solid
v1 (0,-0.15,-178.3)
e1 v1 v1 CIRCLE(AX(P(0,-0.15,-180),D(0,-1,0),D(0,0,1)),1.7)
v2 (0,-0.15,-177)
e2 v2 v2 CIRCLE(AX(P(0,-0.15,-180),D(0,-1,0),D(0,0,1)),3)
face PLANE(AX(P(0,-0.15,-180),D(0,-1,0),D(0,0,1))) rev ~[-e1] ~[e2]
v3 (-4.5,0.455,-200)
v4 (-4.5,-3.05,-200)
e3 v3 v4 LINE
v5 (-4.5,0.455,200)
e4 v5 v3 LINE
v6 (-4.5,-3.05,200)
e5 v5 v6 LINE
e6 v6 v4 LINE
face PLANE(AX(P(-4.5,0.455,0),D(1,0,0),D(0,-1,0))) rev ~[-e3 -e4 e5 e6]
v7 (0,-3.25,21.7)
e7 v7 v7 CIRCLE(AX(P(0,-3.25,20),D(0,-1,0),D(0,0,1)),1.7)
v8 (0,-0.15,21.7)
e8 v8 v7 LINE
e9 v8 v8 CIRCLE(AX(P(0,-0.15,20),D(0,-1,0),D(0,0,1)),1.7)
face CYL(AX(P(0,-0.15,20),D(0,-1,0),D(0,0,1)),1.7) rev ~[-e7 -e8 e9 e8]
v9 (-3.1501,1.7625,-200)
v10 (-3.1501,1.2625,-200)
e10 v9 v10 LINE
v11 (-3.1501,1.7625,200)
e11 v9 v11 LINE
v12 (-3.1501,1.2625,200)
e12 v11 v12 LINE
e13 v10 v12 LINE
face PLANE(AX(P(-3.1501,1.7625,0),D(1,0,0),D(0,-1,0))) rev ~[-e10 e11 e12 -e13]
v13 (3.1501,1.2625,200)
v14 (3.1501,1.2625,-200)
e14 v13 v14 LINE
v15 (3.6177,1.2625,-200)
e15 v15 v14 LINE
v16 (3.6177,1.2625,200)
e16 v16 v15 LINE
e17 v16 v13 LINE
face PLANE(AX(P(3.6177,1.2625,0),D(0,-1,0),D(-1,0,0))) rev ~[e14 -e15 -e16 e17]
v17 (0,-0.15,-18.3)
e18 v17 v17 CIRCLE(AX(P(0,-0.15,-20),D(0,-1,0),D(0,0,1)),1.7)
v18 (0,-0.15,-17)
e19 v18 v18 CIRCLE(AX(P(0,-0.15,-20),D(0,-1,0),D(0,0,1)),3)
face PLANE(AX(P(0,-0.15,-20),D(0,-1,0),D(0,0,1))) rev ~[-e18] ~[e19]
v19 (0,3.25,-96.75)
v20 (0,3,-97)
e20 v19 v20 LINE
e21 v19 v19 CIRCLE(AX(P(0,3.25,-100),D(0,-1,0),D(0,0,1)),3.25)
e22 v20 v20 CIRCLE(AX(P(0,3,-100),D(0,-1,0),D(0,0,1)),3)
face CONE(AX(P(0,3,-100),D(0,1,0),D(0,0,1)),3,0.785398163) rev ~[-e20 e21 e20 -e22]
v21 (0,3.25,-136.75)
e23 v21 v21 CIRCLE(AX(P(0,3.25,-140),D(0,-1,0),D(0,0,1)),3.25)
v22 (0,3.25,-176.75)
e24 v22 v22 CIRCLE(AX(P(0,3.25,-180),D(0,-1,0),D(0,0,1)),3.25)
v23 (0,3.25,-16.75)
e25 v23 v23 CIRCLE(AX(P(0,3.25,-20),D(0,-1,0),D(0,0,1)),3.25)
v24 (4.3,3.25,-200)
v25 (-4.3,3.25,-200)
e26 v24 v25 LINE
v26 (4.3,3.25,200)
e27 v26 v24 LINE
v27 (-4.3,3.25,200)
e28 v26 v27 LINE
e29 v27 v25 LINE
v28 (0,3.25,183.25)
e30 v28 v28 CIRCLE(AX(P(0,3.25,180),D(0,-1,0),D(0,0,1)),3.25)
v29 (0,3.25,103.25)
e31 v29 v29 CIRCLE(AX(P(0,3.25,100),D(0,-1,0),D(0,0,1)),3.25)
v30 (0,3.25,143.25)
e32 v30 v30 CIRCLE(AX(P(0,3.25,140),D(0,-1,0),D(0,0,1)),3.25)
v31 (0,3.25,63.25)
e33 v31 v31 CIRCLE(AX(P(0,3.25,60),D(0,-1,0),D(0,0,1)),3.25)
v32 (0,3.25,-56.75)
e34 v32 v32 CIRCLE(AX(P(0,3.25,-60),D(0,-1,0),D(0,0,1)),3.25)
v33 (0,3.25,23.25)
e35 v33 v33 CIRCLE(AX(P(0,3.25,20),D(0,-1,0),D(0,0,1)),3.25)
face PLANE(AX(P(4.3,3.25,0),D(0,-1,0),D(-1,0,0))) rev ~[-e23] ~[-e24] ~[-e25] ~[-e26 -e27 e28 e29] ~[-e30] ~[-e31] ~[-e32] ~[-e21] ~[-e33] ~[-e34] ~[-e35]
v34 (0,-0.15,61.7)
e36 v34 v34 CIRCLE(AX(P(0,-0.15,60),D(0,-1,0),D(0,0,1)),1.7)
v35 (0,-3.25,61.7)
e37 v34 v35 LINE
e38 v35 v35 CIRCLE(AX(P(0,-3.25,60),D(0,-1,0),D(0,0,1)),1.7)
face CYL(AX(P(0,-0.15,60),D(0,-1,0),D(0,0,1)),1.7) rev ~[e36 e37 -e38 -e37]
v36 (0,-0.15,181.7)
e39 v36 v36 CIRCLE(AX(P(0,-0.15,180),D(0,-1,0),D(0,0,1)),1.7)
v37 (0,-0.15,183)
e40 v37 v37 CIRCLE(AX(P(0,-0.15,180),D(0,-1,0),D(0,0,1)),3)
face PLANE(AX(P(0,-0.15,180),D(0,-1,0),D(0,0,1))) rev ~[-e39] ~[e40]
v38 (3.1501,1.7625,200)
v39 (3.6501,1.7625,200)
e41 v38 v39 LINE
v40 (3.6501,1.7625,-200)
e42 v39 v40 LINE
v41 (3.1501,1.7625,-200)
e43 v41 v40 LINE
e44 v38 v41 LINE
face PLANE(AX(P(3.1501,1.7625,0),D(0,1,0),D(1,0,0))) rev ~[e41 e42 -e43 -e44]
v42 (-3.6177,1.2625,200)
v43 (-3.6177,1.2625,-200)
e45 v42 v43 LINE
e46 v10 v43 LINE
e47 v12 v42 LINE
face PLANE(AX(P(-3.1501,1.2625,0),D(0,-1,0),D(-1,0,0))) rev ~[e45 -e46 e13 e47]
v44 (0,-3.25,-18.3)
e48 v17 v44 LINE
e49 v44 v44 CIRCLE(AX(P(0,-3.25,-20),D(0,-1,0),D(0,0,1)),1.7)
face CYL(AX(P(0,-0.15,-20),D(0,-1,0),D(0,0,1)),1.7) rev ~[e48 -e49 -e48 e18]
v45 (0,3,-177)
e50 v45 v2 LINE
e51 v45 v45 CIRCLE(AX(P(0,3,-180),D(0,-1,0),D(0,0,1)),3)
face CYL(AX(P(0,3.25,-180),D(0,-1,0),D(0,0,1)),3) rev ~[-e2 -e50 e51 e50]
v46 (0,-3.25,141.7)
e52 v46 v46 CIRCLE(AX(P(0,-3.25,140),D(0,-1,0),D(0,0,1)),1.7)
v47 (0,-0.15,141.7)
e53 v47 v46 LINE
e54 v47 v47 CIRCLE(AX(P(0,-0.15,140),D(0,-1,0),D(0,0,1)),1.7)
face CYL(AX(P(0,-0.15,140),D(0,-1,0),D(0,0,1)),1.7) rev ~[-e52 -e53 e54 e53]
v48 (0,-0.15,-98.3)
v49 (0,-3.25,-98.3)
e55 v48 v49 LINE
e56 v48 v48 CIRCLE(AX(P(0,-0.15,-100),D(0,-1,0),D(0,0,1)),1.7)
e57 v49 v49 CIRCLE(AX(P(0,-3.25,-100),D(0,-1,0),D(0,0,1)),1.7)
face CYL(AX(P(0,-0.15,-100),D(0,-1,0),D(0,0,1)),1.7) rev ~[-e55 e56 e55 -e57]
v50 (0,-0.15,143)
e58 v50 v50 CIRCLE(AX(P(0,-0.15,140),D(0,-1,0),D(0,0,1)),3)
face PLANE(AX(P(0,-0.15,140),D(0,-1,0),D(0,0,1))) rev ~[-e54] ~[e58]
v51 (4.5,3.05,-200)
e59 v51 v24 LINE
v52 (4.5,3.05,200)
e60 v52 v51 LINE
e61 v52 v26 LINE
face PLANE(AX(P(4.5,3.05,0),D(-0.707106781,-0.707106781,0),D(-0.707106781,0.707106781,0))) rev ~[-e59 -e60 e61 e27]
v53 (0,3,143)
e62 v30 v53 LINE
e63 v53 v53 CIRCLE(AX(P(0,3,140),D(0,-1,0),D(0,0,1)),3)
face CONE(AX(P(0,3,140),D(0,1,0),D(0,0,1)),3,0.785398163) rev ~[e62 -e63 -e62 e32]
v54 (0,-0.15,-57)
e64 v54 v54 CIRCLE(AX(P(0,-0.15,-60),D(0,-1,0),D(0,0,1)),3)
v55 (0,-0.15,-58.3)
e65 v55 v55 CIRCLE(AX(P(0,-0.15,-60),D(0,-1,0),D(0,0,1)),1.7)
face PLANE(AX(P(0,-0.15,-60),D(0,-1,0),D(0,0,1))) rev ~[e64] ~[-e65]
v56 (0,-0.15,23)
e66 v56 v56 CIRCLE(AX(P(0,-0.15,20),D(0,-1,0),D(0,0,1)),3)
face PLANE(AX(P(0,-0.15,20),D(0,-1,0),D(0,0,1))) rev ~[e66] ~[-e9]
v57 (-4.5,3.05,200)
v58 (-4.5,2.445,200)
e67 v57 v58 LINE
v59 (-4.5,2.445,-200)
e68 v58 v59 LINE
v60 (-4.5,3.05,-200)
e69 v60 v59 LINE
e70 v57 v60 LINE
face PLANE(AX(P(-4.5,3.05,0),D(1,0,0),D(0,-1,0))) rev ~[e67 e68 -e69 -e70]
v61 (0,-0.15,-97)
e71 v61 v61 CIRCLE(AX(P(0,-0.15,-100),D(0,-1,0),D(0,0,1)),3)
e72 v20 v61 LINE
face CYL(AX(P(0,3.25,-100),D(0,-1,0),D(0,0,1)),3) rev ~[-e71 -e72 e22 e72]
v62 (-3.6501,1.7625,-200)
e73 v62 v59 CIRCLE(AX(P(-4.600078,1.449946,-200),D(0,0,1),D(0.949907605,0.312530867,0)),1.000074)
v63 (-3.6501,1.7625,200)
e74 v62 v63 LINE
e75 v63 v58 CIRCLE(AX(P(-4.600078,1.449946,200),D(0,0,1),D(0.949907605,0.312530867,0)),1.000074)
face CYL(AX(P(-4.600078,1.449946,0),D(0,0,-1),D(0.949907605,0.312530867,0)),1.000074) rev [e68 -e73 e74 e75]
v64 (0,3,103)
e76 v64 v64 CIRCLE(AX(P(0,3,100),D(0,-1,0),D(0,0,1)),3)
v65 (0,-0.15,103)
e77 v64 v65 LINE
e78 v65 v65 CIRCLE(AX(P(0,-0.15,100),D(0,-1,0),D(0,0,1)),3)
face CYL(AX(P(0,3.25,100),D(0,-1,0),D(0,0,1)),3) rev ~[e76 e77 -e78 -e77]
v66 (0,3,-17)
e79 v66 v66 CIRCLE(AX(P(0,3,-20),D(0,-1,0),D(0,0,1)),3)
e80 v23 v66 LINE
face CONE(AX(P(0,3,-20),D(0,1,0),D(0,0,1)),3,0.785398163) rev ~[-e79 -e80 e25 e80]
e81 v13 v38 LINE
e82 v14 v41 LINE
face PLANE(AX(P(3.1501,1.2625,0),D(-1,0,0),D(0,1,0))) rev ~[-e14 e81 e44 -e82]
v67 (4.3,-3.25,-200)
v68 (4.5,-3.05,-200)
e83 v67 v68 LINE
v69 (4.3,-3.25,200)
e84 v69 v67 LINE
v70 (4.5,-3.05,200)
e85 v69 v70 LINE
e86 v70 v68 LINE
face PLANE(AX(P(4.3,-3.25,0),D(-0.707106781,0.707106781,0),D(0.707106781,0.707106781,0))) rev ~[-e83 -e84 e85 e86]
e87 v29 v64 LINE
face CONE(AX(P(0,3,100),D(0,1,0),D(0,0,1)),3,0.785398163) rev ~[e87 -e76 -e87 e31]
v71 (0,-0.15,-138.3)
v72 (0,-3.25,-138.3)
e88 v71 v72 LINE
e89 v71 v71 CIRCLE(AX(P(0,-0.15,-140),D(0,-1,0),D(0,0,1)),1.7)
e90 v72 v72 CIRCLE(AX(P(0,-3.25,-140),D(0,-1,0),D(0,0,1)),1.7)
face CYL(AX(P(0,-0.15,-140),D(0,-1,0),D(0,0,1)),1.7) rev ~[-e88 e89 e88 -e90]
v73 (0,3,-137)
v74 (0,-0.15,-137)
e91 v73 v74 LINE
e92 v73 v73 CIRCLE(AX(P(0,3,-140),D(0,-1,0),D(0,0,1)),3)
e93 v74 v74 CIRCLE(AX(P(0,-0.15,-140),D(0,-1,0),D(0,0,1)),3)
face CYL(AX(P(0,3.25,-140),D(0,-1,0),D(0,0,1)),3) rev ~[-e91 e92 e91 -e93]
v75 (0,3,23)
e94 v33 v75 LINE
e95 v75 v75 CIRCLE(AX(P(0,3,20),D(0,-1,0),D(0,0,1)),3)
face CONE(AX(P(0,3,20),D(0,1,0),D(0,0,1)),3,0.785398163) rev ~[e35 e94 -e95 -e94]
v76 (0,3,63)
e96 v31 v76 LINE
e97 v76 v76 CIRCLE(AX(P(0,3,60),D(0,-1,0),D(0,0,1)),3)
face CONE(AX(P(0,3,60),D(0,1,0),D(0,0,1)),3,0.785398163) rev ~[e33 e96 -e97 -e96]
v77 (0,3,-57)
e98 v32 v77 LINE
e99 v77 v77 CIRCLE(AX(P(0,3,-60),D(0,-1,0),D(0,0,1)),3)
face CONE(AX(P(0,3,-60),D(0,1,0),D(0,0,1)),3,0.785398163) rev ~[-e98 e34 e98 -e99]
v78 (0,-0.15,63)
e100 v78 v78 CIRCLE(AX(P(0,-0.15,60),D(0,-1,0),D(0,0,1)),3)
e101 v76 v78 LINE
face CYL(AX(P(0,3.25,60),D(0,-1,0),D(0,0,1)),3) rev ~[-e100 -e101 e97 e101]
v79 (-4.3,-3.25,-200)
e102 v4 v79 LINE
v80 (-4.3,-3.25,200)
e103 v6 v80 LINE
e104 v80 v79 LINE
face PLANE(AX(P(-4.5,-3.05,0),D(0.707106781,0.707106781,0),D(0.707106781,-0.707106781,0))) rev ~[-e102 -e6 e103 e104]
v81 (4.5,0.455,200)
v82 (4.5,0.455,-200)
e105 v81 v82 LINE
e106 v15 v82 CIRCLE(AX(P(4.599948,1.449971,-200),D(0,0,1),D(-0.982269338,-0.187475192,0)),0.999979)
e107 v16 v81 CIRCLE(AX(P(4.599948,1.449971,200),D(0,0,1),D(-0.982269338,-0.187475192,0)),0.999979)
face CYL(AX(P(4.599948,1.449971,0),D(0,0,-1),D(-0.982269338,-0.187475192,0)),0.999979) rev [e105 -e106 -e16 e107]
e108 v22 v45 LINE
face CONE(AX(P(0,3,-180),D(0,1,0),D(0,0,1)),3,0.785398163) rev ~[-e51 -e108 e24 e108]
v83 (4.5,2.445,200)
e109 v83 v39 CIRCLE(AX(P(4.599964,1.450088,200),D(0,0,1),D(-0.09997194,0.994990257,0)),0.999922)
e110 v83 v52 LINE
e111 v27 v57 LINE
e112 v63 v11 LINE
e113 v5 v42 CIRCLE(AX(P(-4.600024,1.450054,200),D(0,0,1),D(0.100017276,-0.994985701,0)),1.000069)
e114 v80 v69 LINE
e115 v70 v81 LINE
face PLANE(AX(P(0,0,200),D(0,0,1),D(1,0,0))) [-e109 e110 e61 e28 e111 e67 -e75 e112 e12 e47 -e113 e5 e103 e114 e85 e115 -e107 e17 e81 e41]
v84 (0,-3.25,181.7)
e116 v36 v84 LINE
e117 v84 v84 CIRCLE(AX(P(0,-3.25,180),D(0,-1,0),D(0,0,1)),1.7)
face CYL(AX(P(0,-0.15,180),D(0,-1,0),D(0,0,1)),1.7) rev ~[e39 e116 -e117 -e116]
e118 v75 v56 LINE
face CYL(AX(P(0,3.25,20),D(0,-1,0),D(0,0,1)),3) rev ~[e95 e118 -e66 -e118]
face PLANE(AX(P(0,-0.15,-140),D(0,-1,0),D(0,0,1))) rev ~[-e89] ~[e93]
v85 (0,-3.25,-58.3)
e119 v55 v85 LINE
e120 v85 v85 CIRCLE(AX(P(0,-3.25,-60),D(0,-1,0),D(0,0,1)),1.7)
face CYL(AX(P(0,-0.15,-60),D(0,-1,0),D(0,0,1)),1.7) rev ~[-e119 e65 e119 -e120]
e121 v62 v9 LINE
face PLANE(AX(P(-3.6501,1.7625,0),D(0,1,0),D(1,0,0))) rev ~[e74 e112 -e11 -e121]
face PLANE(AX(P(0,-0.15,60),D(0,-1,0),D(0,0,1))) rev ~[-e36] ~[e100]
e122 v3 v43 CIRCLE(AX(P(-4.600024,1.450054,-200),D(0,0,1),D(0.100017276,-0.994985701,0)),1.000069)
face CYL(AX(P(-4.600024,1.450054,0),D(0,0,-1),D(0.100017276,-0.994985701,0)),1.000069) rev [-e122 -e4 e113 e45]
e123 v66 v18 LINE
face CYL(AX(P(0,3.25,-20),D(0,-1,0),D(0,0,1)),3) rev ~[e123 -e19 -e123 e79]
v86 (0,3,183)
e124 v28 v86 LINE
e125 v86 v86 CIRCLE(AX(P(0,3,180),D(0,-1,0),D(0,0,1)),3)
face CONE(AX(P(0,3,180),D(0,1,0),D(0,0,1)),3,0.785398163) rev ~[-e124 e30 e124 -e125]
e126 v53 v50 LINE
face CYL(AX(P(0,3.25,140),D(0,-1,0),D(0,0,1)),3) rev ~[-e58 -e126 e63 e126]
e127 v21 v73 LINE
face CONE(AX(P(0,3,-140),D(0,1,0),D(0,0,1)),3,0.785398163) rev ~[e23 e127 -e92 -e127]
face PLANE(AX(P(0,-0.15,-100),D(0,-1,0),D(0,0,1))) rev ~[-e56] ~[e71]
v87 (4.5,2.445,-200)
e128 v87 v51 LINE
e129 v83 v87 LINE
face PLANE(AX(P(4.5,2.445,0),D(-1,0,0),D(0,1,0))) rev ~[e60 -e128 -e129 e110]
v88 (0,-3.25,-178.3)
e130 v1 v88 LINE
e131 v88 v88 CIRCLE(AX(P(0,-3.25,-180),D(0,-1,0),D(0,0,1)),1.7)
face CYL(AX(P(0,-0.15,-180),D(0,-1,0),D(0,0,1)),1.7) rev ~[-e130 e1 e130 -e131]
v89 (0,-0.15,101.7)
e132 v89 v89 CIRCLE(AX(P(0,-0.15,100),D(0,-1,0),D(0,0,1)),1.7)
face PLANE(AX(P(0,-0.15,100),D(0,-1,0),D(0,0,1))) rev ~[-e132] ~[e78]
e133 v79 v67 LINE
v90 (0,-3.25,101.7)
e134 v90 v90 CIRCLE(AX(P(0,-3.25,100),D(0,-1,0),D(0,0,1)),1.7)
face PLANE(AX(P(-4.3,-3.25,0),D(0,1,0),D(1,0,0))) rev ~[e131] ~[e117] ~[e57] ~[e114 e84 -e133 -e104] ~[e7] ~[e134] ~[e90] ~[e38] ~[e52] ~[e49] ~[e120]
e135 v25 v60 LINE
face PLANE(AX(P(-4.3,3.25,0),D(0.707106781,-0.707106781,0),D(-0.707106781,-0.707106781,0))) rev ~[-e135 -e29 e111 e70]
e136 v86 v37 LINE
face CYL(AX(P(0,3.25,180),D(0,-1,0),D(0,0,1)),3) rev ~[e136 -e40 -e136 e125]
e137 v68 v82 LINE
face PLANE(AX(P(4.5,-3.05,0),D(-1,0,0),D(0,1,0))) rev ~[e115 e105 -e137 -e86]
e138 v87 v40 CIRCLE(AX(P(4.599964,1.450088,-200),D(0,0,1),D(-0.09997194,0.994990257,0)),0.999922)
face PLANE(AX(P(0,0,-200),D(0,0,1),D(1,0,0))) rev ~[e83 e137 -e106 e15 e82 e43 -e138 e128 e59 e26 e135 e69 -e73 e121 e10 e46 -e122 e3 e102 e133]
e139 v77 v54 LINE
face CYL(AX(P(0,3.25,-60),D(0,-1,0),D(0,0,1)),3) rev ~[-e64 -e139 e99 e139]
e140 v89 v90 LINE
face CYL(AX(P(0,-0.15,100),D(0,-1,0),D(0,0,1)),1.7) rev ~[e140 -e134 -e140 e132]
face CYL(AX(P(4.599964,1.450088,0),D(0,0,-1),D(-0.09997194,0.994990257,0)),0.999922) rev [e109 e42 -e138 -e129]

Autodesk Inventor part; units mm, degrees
ref_plane "YZ Plane" through (0, 0, 0) normal (1, 0, 0) x (0, 1, 0)
ref_plane "XZ Plane" through (0, 0, 0) normal (0, 1, 0) x (-1, 0, 0)
ref_plane "XY Plane" through (0, 0, 0) normal (0, 0, 1) x (1, 0, 0)
sketch "Skizze1" plane through (0, 0, 0) normal (0, 0, 1) x (1, 0, 0)
  arc A0 (-3.6501, 1.7625) -> (-4.5, 2.445) centre (-4.6, 1.45) ccw
  line L0 (-3.6501, 1.7625) -> (-3.1501, 1.7625)
  line L1 (-3.1501, 1.7625) -> (-3.1501, 1.2625)
  line L2 (-3.1501, 1.2625) -> (-3.6177, 1.2625)
  arc A1 (-4.5, 0.455) -> (-3.6177, 1.2625) centre (-4.6, 1.45) ccw
  line L3 (-4.5, 0.455) -> (-4.5, -3.05)
  line L4 (-4.5, -3.05) -> (-4.3, -3.25)
  line L5 (-4.3, -3.25) -> (4.3, -3.25)
  line L6 (4.3, -3.25) -> (4.5, -3.05)
  line L7 (4.5, -3.05) -> (4.5, 0.455)
  arc A2 (3.6177, 1.2625) -> (4.5, 0.455) centre (4.6, 1.45) ccw
  line L8 (3.6177, 1.2625) -> (3.1501, 1.2625)
  line L9 (3.1501, 1.2625) -> (3.1501, 1.7625)
  line L10 (3.1501, 1.7625) -> (3.6501, 1.7625)
  arc A3 (4.5, 2.445) -> (3.6501, 1.7625) centre (4.6, 1.45) ccw
  line L11 (4.5, 2.445) -> (4.5, 3.05)
  line L12 (4.5, 3.05) -> (4.3, 3.25)
  line L13 (4.3, 3.25) -> (-4.3, 3.25)
  line L14 (-4.3, 3.25) -> (-4.5, 3.05)
  line L15 (-4.5, 3.05) -> (-4.5, 2.445)
  circle A4 centre (-4.6, 1.45) radius 1 construction
  circle A5 centre (4.6, 1.45) radius 1 construction
  line L16 (0, -4.55) -> (0, 4.55) construction
  point P0 (0, 0)
  point P1 (0, 0)
  point P2 (0, 3.25)
  point P3 (0, -3.25)
  dimension "d0" = 9
  dimension "d1" = 6.5
  dimension "d2" = 4.7
  dimension "d4" = 2
  dimension "d5" = 6.3002
  dimension "d6" = 0.5
  dimension "d7" = 0.4499
  dimension "d8" = 3.25
  dimension "d12" = 0.2
  dimension "d13" = 0.2
  dimension "d18" = 1.4875
extrude "Extrusion1" add sketch "Skizze1" along normal mid plane 400
sketch "Skizze2" plane through (-4.3, 3.25, 200) normal (0, 1, 0) x (1, 0, 0)
  line L0 (0, 400) -> (0, 0) projected
  line L1 (8.6, 0) -> (0, 0) projected
  line L2 (8.6, 400) -> (8.6, 0) projected
  line L3 (0, 400) -> (8.6, 400) projected
  line L4 (8.6, 0) -> (0, 0) projected
  line L5 (4.3, 0) -> (4.3, 400) construction
  line L6 (0, 400) -> (8.6, 400) projected
  line L7 (0, 400) -> (0, 0) projected
  line L8 (0, 200) -> (8.6, 200) construction
  line L9 (8.6, 400) -> (8.6, 0) projected
  point P0 (4.3, 20)
  point P1 (4.3, 60)
  point P2 (4.3, 100)
  point P3 (4.3, 140)
  point P4 (4.3, 180)
  point P5 (4.3, 220)
  point P6 (4.3, 260)
  point P7 (4.3, 300)
  point P8 (4.3, 340)
  point P9 (4.3, 380)
  dimension "d23" = 40
  dimension "d28" = 20
hole "Bohrung1" at (0, 3.25, 180) at (0, 3.25, 140) at (0, 3.25, 100) at (0, 3.25, 60) at (0, 3.25, 20) at (0, 3.25, -20) at (0, 3.25, -60) at (0, 3.25, -100) at (0, 3.25, -140) at (0, 3.25, -180) direction (0, -1, 0) diameter 3.4 end through all counterbore diameter 6 counterbore depth 3.4 clearance for "Inbusschraube DIN EN ISO 4762" size "M3" standard "DIN"
chamfer "Fase1" distance 0.25 angle 45 10 edges at (0, 3.25, 177) (0, 3.25, 137) (0, 3.25, 97) (0, 3.25, 57) (0, 3.25, 17) (0, 3.25, -23) (0, 3.25, -63) (0, 3.25, -103) (0, 3.25, -143) (0, 3.25, -183)
properties part number "Linear-Rail MGN9h (400mm)" material "Stahl, hochfest, niedrig legiert"
